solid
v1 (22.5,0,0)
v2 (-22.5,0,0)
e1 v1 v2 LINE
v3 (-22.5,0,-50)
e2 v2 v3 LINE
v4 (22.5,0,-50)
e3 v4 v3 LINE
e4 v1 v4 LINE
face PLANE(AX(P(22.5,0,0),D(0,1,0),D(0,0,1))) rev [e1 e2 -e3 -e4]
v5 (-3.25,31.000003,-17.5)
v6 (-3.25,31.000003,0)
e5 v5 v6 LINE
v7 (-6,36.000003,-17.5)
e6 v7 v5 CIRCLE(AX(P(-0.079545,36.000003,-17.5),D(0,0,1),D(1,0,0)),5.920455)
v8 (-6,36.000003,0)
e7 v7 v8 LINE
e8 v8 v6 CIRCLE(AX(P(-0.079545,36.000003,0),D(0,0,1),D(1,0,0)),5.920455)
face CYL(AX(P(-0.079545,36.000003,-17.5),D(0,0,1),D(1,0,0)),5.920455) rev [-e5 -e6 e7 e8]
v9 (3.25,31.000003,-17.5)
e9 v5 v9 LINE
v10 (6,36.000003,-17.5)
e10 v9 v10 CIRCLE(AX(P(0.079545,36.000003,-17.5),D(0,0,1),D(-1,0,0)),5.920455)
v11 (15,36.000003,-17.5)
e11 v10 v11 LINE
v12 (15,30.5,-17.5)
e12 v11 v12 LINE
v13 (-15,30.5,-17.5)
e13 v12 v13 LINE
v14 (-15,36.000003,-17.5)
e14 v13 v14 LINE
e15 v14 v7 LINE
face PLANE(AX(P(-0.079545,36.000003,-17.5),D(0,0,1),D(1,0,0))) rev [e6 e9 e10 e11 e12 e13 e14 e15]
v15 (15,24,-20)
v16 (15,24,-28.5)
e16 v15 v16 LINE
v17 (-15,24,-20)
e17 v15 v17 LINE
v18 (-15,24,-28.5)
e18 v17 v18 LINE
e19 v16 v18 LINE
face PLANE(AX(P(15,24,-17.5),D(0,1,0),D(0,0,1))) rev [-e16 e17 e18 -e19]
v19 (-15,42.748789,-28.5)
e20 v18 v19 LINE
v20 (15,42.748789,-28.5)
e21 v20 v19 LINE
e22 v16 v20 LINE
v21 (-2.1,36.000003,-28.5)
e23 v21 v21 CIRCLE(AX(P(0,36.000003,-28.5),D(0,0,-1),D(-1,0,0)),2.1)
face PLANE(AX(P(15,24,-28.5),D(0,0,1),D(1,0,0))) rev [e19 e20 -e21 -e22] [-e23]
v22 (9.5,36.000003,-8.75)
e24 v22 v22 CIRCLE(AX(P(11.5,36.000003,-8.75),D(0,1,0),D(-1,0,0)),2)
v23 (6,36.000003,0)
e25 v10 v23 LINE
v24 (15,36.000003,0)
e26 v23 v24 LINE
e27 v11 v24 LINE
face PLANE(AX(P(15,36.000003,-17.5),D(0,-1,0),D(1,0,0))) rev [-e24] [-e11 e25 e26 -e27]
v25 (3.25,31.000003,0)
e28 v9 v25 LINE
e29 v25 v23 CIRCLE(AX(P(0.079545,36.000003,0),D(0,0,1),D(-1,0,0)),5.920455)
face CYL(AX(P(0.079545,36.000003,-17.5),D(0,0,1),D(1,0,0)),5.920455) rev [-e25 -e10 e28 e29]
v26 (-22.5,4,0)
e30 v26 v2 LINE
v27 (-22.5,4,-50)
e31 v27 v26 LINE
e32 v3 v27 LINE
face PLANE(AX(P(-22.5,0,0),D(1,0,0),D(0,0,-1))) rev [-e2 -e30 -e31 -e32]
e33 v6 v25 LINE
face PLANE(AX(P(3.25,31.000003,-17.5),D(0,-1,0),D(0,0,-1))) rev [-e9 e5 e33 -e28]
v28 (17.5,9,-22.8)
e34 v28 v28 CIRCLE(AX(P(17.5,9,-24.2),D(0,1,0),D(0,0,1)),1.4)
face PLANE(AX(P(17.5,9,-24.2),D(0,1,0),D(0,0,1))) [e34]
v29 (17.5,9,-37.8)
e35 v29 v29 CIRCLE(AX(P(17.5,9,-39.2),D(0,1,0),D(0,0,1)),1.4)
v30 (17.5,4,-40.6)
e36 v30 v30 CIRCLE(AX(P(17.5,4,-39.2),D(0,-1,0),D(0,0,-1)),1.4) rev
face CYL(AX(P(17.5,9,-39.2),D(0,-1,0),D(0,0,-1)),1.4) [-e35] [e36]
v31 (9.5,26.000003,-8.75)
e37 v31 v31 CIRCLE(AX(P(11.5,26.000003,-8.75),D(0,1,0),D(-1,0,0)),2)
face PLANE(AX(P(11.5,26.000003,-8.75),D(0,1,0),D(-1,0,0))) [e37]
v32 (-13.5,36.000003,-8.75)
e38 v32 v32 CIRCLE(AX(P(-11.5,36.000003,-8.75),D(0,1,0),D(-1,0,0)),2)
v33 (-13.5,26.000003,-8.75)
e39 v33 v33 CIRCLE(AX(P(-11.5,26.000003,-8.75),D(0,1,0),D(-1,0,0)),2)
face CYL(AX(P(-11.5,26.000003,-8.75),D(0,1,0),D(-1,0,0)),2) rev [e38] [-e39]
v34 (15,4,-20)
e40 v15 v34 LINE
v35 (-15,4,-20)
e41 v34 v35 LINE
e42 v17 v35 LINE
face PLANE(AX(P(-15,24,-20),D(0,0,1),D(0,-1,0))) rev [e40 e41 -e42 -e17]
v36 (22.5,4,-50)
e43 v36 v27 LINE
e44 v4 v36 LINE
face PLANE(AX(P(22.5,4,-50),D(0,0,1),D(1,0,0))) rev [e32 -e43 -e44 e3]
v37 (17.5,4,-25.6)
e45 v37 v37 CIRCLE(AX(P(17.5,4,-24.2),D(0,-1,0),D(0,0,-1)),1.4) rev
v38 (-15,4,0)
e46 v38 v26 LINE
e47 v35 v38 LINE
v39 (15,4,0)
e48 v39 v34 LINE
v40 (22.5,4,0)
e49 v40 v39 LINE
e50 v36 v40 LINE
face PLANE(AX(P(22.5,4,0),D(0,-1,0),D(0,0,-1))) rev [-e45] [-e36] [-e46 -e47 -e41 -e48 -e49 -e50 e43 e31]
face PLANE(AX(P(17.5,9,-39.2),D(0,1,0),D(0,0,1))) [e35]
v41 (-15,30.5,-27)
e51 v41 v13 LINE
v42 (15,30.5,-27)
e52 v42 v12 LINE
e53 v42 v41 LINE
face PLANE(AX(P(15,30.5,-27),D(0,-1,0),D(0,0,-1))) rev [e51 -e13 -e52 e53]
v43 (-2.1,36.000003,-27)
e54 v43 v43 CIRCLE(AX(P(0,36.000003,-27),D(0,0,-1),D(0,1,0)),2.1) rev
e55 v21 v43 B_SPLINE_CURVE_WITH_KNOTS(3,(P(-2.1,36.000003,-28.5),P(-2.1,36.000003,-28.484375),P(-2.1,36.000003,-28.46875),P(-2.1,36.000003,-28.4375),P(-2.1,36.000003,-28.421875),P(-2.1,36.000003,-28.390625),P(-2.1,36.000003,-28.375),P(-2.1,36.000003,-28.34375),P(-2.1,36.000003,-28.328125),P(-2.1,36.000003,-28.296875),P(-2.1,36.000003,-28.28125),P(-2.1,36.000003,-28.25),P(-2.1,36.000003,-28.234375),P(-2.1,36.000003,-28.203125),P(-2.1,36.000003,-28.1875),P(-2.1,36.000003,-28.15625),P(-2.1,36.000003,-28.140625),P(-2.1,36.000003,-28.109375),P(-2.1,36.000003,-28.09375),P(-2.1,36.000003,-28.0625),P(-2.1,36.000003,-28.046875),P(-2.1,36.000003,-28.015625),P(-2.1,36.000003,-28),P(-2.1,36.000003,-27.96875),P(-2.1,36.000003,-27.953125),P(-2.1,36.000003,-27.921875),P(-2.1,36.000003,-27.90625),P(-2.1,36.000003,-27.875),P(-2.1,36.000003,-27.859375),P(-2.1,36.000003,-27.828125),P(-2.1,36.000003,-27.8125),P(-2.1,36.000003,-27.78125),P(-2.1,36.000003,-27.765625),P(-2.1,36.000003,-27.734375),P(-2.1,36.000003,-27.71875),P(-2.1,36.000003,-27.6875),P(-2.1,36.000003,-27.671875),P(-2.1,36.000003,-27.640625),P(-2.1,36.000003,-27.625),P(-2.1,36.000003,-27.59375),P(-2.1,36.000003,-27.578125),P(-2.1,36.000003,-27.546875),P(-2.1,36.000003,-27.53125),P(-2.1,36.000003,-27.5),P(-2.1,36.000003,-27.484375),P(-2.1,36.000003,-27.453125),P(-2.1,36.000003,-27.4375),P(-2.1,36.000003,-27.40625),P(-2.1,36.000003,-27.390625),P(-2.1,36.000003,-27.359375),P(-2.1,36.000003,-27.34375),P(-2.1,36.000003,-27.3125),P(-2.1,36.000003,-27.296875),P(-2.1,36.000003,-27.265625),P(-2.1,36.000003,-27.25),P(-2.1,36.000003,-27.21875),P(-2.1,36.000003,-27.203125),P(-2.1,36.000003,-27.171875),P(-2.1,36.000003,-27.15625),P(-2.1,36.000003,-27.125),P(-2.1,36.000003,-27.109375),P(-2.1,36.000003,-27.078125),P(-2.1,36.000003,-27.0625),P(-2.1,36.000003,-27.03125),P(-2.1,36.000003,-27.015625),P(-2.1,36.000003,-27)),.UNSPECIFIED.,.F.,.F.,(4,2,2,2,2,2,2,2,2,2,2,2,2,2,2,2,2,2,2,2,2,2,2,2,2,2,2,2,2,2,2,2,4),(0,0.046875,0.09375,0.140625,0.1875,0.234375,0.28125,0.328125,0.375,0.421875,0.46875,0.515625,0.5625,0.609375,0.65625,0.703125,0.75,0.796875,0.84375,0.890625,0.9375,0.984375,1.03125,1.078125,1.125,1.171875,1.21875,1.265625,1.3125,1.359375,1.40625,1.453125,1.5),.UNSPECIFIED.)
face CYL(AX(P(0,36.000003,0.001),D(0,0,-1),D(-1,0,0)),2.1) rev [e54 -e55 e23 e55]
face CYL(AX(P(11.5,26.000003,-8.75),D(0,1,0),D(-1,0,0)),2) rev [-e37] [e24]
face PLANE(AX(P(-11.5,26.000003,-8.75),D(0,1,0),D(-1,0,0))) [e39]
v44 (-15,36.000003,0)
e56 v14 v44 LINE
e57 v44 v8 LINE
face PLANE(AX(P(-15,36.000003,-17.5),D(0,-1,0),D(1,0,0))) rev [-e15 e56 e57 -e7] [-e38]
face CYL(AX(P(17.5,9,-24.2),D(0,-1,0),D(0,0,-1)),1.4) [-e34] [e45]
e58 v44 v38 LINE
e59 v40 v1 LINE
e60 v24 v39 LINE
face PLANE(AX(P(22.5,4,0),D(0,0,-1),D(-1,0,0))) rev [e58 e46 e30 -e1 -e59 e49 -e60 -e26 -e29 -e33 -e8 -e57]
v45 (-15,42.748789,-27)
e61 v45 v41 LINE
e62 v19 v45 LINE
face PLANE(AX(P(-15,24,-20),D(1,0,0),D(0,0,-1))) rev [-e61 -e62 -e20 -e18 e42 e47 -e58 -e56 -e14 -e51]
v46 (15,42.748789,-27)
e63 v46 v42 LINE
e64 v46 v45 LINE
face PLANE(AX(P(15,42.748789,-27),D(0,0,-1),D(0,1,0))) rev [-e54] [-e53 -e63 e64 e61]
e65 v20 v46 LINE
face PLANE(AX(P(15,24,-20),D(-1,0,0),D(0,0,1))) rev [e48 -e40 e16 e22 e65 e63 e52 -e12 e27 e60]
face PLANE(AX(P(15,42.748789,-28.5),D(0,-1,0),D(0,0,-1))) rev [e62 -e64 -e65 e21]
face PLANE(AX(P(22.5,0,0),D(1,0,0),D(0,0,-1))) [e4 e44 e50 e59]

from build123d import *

# Parameters (mm, degrees)
SKETCH_2_W          = 50
SKETCH_2_H          = 4
EXTRUDE_2_DEPTH     = 22.5
SKETCH_15_R         = 1.4
EXTRUDE_8_DEPTH     = 5
SKETCH_3_W          = 30
SKETCH_3_H          = 20
EXTRUDE_4_DEPTH     = 20
EXTRUDE_9_DEPTH     = 17.5
EXTRUDE_10_DEPTH    = 15
CUT_EXTRUDE_1_REACH = 58.089
SKETCH_19_R         = 2.1
SKETCH_20_R         = 2
CUT_EXTRUDE_2_DEPTH = 10


with BuildPart() as part:
    # 草圖2 → 填料-伸長2 (new, symmetric)
    with BuildSketch(Plane(origin=(0, 0, 0), x_dir=(0, 0, -1), z_dir=(1, 0, 0))):
        with Locations((25, 2)):
            Rectangle(SKETCH_2_W, SKETCH_2_H)
    extrude(amount=EXTRUDE_2_DEPTH, both=True)

    # 草圖15 → 填料-伸長8 (add)
    with BuildSketch(Plane(origin=(0, 4, 0), x_dir=(1, 0, 0), z_dir=(0, 1, 0))):
        with Locations(Location((17.5, 39.2, 0), (0, 0, 90))):
            Circle(SKETCH_15_R)
        with Locations(Location((17.5, 24.2, 0), (0, 0, 90))):
            Circle(SKETCH_15_R)
    extrude(amount=EXTRUDE_8_DEPTH)

    # 草圖3 → 填料-伸長4 (add)
    with BuildSketch(Plane(origin=(0, 4, 0), x_dir=(1, 0, 0), z_dir=(0, 1, 0))):
        with Locations((0, 10)):
            Rectangle(SKETCH_3_W, SKETCH_3_H)
    extrude(amount=EXTRUDE_4_DEPTH)

    # 草圖16 → 填料-伸長9 (add)
    with BuildSketch(Plane(origin=(0, 0, 0), x_dir=(-1, 0, 0), z_dir=(0, 0, -1))):
        with BuildLine():
            Line((-15, 24), (-15, 36.000002525))
            Line((-15, 36.000002525), (-6, 36.000002525))
            ThreePointArc((-6, 36.000002525), (-5.267141914, 33.146824473), (-3.25, 31.000002525))
            Line((-3.25, 31.000002525), (3.25, 31.000002525))
            ThreePointArc((3.25, 31.000002525), (5.267141914, 33.146824473), (6, 36.000002525))
            Line((6, 36.000002525), (15, 36.000002525))
            Line((15, 36.000002525), (15, 24))
            Line((15, 24), (-15, 24))
        make_face()
    extrude(amount=EXTRUDE_9_DEPTH)

    # 草圖18 → 填料-伸長10 (add, symmetric)
    with BuildSketch(Plane(origin=(0, 0, 0), x_dir=(0, 0, -1), z_dir=(1, 0, 0))):
        Polygon((17.5, 24), (28.5, 24), (28.5, 42.748788628), (27, 42.748788628), (27, 30.5), (17.5, 30.5), align=None)
    extrude(amount=EXTRUDE_10_DEPTH, both=True)

    # 草圖19 → 除料-伸長1 (cut, up to next)
    with BuildSketch(Plane(origin=(0, 0, -28.5), x_dir=(-1, 0, 0), z_dir=(0, 0, -1)), mode=Mode.PRIVATE) as cut_extrude_1_sk1:
        with Locations((0, 36.000002505)):
            Circle(SKETCH_19_R)
    cut_extrude_1_tool1 = extrude(cut_extrude_1_sk1.sketch, amount=-CUT_EXTRUDE_1_REACH, mode=Mode.PRIVATE) & part.part
    add(cut_extrude_1_tool1.solids().sort_by_distance((0, 36.000003, -28.5))[0], mode=Mode.SUBTRACT)

    # 草圖20 → 除料-伸長2 (cut)
    with BuildSketch(Plane(origin=(0, 36.000002525, 0), x_dir=(1, 0, 0), z_dir=(0, 1, 0))):
        with Locations(Location((-11.5, 8.75, 0), (0, 0, 180))):
            Circle(SKETCH_20_R)
        with Locations(Location((11.5, 8.75, 0), (0, 0, 180))):
            Circle(SKETCH_20_R)
    extrude(amount=-CUT_EXTRUDE_2_DEPTH, mode=Mode.SUBTRACT)


solid = part.part
